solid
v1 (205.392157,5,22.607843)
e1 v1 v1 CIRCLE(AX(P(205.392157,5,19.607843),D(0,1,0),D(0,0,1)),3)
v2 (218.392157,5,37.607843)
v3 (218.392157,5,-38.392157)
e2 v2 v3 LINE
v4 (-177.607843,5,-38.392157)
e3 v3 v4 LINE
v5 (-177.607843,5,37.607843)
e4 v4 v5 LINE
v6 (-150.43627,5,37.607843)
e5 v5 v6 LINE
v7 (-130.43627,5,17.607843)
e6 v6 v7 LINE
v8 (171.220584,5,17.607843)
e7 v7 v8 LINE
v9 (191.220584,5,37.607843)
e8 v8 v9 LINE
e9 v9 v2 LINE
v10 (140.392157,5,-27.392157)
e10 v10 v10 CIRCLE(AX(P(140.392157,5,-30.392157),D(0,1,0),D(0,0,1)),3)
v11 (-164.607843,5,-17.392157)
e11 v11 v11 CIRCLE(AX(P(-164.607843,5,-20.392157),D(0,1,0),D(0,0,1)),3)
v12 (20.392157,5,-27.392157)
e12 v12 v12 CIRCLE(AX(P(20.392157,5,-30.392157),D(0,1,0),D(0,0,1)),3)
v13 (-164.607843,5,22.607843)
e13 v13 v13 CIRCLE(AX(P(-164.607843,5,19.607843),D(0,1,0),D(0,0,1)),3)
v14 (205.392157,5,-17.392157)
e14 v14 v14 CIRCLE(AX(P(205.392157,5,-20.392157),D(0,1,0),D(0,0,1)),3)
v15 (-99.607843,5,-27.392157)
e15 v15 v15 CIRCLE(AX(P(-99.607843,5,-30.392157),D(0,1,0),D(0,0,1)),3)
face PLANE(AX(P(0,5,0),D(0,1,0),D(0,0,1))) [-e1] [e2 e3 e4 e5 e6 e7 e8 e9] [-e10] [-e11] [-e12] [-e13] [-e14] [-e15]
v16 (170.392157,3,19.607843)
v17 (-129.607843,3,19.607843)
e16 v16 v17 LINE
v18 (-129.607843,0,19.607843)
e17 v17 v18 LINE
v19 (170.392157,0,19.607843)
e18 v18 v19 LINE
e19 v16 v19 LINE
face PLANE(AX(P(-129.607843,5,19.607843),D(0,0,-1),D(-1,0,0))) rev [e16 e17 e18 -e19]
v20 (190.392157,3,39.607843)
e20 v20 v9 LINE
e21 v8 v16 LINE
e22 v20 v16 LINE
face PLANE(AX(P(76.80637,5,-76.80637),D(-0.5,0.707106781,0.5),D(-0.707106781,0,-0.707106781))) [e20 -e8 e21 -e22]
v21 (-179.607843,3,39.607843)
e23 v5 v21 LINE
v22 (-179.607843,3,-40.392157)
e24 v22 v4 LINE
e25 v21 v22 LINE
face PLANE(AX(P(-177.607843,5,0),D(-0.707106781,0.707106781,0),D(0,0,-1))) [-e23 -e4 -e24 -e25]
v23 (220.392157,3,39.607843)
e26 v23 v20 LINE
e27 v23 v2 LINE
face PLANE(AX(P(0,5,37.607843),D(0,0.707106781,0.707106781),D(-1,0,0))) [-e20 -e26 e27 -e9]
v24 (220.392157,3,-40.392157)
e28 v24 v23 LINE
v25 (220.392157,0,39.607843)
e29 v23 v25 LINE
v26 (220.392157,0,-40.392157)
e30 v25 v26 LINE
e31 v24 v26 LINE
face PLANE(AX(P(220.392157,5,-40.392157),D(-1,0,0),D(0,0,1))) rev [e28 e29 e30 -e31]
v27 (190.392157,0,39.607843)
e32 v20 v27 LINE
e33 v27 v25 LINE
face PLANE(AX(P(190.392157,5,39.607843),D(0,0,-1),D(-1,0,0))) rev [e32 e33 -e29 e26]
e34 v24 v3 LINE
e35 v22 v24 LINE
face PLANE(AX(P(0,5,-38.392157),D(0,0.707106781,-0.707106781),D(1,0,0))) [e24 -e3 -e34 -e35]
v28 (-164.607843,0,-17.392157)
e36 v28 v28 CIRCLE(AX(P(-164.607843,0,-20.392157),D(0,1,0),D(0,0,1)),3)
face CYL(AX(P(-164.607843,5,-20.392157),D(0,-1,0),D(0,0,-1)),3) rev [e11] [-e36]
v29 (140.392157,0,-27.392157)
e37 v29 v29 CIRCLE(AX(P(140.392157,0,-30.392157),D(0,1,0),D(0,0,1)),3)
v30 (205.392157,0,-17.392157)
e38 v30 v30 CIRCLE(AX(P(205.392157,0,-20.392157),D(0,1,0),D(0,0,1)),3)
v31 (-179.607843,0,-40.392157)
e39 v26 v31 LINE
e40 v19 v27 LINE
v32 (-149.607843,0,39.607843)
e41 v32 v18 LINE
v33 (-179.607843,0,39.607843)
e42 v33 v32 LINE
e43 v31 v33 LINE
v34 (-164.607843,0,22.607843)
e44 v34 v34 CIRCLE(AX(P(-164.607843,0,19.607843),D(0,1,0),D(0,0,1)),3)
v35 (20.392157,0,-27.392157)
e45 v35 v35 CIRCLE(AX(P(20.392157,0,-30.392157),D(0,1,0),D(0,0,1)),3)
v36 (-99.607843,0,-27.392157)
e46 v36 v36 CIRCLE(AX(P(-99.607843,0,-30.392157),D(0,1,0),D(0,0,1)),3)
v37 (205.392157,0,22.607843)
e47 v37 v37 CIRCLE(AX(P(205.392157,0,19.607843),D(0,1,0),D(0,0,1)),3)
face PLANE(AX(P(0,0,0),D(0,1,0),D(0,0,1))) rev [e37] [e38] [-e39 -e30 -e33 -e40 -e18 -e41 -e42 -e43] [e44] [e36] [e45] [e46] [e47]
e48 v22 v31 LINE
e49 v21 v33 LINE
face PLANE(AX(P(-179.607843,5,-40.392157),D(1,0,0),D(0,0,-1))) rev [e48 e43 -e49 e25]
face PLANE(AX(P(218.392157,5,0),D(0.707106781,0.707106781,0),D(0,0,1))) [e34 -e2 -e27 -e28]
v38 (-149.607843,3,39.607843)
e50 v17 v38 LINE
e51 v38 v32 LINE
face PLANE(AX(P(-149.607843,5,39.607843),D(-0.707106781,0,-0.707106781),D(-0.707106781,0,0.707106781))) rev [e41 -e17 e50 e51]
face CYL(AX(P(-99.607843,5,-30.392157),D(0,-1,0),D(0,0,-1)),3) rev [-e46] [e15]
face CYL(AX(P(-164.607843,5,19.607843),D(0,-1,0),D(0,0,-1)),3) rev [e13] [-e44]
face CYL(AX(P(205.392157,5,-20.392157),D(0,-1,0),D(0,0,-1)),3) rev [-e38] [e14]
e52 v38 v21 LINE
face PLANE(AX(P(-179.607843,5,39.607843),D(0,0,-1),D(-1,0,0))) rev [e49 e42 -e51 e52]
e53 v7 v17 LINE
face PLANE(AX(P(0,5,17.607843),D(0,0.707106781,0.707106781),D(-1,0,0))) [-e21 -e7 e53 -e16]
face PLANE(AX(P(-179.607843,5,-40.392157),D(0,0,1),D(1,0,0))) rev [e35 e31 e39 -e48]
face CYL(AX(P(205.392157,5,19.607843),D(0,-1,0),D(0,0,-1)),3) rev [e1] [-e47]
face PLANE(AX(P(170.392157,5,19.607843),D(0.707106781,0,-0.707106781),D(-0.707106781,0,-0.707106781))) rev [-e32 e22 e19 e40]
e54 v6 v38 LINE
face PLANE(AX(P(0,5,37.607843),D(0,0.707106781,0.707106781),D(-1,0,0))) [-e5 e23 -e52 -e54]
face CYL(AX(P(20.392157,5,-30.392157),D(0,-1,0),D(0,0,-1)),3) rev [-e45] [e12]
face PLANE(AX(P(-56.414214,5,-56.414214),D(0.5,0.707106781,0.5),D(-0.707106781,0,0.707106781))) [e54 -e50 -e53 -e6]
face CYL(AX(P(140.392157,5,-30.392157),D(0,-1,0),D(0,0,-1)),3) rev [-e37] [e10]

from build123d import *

# Parameters (mm, degrees)
CROQUIS1_R              = 3
SALIENTE_EXTRUIR1_DEPTH = 5
CHAFL_N1_SIZE           = 2


with BuildPart() as part:
    # Croquis1 → Saliente-Extruir1 (new body)
    with BuildSketch(Plane(origin=(0, 0, 0), x_dir=(1, 0, 0), z_dir=(0, 1, 0))):
        Polygon((-149.607843137, -39.607843137), (-129.607843137, -19.607843137), (170.392156863, -19.607843137), (190.392156863, -39.607843137), (220.392156863, -39.607843137), (220.392156863, 40.392156863), (-179.607843137, 40.392156863), (-179.607843137, -39.607843137), align=None)
        with Locations(Location((-164.607843137, 20.392156863, 0), (0, 0, 270))):
            Circle(CROQUIS1_R, mode=Mode.SUBTRACT)
        with Locations(Location((-99.607843137, 30.392156863, 0), (0, 0, 270))):
            Circle(CROQUIS1_R, mode=Mode.SUBTRACT)
        with Locations(Location((140.392156863, 30.392156863, 0), (0, 0, 270))):
            Circle(CROQUIS1_R, mode=Mode.SUBTRACT)
        with Locations(Location((20.392156863, 30.392156863, 0), (0, 0, 270))):
            Circle(CROQUIS1_R, mode=Mode.SUBTRACT)
        with Locations(Location((-164.607843137, -19.607843137, 0), (0, 0, 270))):
            Circle(CROQUIS1_R, mode=Mode.SUBTRACT)
        with Locations(Location((205.392156863, 20.392156863, 0), (0, 0, 270))):
            Circle(CROQUIS1_R, mode=Mode.SUBTRACT)
        with Locations(Location((205.392156863, -19.607843137, 0), (0, 0, 270))):
            Circle(CROQUIS1_R, mode=Mode.SUBTRACT)
    extrude(amount=SALIENTE_EXTRUIR1_DEPTH)

    # Chaflán1
    chafl_n1_edges = [part.edges().sort_by_distance(p)[0] for p in [
        (-139.607843137, 5, 29.607843137),
        (20.392156863, 5, 19.607843137),
        (180.392156863, 5, 29.607843137),
        (205.392156863, 5, 39.607843137),
        (220.392156863, 5, -0.392156863),
        (20.392156863, 5, -40.392156863),
        (-179.607843137, 5, -0.392156863),
        (-164.607843137, 5, 39.607843137),
    ]]
    chamfer(chafl_n1_edges, length=CHAFL_N1_SIZE)


solid = part.part
